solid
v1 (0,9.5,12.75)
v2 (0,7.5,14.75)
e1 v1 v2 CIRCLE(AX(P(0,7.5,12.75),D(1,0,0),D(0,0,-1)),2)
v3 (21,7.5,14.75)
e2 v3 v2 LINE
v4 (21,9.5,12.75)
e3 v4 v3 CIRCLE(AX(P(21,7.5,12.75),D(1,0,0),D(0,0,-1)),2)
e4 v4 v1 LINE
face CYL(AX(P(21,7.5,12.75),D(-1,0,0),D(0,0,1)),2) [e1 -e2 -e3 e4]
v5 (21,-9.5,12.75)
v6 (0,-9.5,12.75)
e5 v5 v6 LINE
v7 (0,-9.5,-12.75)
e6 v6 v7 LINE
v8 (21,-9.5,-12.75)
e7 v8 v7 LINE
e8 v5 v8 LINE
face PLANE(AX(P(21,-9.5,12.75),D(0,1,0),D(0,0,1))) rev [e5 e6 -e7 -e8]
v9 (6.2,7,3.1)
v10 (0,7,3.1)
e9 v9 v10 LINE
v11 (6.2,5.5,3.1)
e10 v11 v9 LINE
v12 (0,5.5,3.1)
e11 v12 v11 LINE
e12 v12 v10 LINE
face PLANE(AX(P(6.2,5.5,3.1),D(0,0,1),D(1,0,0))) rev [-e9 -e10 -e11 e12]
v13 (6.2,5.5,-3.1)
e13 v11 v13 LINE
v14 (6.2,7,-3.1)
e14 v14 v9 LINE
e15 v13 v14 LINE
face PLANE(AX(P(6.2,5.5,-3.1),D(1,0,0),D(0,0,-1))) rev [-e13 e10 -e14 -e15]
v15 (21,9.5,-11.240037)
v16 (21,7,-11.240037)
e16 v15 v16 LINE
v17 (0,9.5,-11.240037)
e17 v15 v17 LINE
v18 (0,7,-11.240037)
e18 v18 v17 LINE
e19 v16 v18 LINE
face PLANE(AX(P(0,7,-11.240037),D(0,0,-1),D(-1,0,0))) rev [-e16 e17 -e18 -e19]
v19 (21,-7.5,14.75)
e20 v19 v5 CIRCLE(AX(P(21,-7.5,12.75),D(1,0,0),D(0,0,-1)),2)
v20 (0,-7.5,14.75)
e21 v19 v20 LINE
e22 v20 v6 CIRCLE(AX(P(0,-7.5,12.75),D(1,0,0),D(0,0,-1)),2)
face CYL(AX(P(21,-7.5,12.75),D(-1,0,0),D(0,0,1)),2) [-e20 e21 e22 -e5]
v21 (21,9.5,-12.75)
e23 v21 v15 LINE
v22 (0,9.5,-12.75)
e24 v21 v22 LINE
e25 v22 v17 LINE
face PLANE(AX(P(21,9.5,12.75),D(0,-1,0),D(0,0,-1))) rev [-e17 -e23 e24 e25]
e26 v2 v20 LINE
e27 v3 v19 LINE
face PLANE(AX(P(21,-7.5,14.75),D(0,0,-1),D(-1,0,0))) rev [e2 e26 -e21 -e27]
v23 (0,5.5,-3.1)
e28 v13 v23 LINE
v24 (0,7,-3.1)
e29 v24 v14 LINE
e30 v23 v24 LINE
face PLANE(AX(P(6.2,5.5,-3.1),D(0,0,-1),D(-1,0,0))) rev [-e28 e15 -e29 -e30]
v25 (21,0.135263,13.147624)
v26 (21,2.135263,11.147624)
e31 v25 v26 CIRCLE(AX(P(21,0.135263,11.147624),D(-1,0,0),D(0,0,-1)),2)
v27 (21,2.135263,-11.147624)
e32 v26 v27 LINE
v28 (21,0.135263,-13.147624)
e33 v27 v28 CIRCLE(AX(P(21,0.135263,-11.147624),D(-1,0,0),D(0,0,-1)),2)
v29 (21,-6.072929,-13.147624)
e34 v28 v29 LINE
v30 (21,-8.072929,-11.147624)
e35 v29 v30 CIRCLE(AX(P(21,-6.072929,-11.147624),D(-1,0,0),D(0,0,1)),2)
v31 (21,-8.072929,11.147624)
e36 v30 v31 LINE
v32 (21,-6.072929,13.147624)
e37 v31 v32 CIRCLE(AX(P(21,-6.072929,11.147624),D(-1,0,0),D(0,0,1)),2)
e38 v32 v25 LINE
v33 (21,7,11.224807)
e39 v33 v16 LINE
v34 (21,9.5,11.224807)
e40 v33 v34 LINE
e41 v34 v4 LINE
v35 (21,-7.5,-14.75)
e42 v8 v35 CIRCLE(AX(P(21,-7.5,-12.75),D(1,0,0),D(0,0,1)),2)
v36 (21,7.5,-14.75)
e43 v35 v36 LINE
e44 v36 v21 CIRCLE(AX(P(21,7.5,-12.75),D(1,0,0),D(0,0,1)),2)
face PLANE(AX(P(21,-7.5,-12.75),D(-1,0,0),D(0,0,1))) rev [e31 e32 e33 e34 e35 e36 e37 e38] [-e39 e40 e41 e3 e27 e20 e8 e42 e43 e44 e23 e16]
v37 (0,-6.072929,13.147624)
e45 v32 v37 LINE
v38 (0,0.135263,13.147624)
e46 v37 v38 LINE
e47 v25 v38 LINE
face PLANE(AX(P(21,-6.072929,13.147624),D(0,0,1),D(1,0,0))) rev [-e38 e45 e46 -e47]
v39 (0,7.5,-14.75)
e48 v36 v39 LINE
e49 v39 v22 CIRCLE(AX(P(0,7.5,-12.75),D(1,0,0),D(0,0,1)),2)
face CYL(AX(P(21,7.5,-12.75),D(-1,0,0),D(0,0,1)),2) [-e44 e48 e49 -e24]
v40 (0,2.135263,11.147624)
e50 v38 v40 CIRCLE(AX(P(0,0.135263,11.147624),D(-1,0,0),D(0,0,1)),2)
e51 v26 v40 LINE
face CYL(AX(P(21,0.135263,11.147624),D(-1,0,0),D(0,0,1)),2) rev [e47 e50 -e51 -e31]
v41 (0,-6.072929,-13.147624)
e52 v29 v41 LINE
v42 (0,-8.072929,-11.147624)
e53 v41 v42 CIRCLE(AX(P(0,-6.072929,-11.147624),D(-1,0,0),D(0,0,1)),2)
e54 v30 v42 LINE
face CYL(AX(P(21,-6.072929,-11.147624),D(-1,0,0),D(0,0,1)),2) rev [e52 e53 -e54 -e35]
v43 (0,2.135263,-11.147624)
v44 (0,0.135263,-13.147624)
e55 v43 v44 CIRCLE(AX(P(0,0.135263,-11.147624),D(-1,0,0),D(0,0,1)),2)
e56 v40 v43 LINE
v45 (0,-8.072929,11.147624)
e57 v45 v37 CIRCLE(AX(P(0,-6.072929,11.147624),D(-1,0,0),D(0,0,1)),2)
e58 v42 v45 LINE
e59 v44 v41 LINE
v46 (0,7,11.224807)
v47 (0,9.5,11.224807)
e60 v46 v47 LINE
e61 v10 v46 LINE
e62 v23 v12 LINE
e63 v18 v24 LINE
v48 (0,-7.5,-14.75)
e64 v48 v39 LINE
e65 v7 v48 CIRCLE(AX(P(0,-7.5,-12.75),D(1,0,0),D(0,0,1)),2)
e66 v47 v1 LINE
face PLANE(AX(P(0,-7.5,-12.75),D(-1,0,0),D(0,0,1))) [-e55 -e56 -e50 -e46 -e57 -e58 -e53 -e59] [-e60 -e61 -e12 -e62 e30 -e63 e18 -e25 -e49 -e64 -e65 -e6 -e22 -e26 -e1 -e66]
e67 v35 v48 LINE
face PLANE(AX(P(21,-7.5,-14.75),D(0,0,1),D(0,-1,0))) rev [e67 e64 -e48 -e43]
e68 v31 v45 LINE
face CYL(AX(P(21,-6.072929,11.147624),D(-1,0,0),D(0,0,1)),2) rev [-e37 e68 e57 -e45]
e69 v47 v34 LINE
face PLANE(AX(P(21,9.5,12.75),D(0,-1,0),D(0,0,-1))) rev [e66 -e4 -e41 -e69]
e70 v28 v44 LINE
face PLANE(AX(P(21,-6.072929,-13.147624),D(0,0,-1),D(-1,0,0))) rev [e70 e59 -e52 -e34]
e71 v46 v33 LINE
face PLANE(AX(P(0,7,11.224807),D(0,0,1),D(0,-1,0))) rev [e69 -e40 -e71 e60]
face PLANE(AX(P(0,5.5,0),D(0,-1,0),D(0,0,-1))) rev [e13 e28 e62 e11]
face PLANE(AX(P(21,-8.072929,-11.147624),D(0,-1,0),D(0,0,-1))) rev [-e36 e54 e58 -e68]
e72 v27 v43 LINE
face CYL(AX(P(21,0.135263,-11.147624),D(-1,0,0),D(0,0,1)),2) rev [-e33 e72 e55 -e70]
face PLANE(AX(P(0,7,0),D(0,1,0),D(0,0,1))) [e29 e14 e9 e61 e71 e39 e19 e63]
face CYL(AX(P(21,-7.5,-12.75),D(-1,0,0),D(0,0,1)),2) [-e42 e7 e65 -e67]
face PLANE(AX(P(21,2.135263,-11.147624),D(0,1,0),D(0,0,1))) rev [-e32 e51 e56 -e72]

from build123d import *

# Parameters (mm, degrees)
BOSS_EXTRUDE1_DEPTH     = 21
SKETCH5_W               = 6.2
SKETCH5_H               = 6.2
CUT_EXTRUDE1_DEPTH      = 4
CUT_EXTRUDE2_DEPTH      = 28.364438602
CUT_EXTRUDE2_DEPTH_BACK = 28.364438602
SKETCH9_W               = 24.284850455
SKETCH9_H               = 22.464844075
CUT_EXTRUDE3_DEPTH      = 2.5


with BuildPart() as part:
    # Sketch3 → Boss-Extrude1 (new body)
    with BuildSketch(Plane(origin=(0, 0, 0), x_dir=(0, 0, -1), z_dir=(1, 0, 0))):
        with BuildLine():
            Line((-12.75, -9.5), (12.75, -9.5))
            ThreePointArc((12.75, -9.5), (14.164213562, -8.914213562), (14.75, -7.5))
            Line((14.75, -7.5), (14.75, 7.5))
            ThreePointArc((14.75, 7.5), (14.164213562, 8.914213562), (12.75, 9.5))
            Line((12.75, 9.5), (-12.75, 9.5))
            ThreePointArc((-12.75, 9.5), (-14.164213562, 8.914213562), (-14.75, 7.5))
            Line((-14.75, 7.5), (-14.75, -7.5))
            ThreePointArc((-14.75, -7.5), (-14.164213562, -8.914213562), (-12.75, -9.5))
        make_face()
    extrude(amount=BOSS_EXTRUDE1_DEPTH)

    # Sketch5 → Cut-Extrude1 (cut)
    with BuildSketch(Plane(origin=(0, 9.5, 0), x_dir=(1, 0, 0), z_dir=(0, 1, 0))):
        with Locations((3.1, 0)):
            Rectangle(SKETCH5_W, SKETCH5_H)
    extrude(amount=-CUT_EXTRUDE1_DEPTH, mode=Mode.SUBTRACT)

    # Sketch7 → Cut-Extrude2 (cut, two sides: drawn at the far end of the back side and taken through both)
    with BuildSketch(Plane.ZY.offset(-CUT_EXTRUDE2_DEPTH_BACK)):
        with BuildLine():
            Line((-11.147623693, -8.072928754), (11.147623693, -8.072928754))
            ThreePointArc((11.147623693, -8.072928754), (12.561837255, -7.487142316), (13.147623693, -6.072928754))
            Line((13.147623693, -6.072928754), (13.147623693, 0.135263404))
            ThreePointArc((13.147623693, 0.135263404), (12.561837255, 1.549476966), (11.147623693, 2.135263404))
            Line((11.147623693, 2.135263404), (-11.147623693, 2.135263404))
            ThreePointArc((-11.147623693, 2.135263404), (-12.561837255, 1.549476966), (-13.147623693, 0.135263404))
            Line((-13.147623693, 0.135263404), (-13.147623693, -6.072928754))
            ThreePointArc((-13.147623693, -6.072928754), (-12.561837255, -7.487142316), (-11.147623693, -8.072928754))
        make_face()
    extrude(amount=CUT_EXTRUDE2_DEPTH + CUT_EXTRUDE2_DEPTH_BACK, mode=Mode.SUBTRACT)

    # Sketch9 → Cut-Extrude3 (cut)
    with BuildSketch(Plane(origin=(0, 9.5, 0), x_dir=(1, 0, 0), z_dir=(0, 1, 0))):
        with Locations((12.142425228, 0.007615305)):
            Rectangle(SKETCH9_W, SKETCH9_H)
    extrude(amount=-CUT_EXTRUDE3_DEPTH, mode=Mode.SUBTRACT)


solid = part.part
